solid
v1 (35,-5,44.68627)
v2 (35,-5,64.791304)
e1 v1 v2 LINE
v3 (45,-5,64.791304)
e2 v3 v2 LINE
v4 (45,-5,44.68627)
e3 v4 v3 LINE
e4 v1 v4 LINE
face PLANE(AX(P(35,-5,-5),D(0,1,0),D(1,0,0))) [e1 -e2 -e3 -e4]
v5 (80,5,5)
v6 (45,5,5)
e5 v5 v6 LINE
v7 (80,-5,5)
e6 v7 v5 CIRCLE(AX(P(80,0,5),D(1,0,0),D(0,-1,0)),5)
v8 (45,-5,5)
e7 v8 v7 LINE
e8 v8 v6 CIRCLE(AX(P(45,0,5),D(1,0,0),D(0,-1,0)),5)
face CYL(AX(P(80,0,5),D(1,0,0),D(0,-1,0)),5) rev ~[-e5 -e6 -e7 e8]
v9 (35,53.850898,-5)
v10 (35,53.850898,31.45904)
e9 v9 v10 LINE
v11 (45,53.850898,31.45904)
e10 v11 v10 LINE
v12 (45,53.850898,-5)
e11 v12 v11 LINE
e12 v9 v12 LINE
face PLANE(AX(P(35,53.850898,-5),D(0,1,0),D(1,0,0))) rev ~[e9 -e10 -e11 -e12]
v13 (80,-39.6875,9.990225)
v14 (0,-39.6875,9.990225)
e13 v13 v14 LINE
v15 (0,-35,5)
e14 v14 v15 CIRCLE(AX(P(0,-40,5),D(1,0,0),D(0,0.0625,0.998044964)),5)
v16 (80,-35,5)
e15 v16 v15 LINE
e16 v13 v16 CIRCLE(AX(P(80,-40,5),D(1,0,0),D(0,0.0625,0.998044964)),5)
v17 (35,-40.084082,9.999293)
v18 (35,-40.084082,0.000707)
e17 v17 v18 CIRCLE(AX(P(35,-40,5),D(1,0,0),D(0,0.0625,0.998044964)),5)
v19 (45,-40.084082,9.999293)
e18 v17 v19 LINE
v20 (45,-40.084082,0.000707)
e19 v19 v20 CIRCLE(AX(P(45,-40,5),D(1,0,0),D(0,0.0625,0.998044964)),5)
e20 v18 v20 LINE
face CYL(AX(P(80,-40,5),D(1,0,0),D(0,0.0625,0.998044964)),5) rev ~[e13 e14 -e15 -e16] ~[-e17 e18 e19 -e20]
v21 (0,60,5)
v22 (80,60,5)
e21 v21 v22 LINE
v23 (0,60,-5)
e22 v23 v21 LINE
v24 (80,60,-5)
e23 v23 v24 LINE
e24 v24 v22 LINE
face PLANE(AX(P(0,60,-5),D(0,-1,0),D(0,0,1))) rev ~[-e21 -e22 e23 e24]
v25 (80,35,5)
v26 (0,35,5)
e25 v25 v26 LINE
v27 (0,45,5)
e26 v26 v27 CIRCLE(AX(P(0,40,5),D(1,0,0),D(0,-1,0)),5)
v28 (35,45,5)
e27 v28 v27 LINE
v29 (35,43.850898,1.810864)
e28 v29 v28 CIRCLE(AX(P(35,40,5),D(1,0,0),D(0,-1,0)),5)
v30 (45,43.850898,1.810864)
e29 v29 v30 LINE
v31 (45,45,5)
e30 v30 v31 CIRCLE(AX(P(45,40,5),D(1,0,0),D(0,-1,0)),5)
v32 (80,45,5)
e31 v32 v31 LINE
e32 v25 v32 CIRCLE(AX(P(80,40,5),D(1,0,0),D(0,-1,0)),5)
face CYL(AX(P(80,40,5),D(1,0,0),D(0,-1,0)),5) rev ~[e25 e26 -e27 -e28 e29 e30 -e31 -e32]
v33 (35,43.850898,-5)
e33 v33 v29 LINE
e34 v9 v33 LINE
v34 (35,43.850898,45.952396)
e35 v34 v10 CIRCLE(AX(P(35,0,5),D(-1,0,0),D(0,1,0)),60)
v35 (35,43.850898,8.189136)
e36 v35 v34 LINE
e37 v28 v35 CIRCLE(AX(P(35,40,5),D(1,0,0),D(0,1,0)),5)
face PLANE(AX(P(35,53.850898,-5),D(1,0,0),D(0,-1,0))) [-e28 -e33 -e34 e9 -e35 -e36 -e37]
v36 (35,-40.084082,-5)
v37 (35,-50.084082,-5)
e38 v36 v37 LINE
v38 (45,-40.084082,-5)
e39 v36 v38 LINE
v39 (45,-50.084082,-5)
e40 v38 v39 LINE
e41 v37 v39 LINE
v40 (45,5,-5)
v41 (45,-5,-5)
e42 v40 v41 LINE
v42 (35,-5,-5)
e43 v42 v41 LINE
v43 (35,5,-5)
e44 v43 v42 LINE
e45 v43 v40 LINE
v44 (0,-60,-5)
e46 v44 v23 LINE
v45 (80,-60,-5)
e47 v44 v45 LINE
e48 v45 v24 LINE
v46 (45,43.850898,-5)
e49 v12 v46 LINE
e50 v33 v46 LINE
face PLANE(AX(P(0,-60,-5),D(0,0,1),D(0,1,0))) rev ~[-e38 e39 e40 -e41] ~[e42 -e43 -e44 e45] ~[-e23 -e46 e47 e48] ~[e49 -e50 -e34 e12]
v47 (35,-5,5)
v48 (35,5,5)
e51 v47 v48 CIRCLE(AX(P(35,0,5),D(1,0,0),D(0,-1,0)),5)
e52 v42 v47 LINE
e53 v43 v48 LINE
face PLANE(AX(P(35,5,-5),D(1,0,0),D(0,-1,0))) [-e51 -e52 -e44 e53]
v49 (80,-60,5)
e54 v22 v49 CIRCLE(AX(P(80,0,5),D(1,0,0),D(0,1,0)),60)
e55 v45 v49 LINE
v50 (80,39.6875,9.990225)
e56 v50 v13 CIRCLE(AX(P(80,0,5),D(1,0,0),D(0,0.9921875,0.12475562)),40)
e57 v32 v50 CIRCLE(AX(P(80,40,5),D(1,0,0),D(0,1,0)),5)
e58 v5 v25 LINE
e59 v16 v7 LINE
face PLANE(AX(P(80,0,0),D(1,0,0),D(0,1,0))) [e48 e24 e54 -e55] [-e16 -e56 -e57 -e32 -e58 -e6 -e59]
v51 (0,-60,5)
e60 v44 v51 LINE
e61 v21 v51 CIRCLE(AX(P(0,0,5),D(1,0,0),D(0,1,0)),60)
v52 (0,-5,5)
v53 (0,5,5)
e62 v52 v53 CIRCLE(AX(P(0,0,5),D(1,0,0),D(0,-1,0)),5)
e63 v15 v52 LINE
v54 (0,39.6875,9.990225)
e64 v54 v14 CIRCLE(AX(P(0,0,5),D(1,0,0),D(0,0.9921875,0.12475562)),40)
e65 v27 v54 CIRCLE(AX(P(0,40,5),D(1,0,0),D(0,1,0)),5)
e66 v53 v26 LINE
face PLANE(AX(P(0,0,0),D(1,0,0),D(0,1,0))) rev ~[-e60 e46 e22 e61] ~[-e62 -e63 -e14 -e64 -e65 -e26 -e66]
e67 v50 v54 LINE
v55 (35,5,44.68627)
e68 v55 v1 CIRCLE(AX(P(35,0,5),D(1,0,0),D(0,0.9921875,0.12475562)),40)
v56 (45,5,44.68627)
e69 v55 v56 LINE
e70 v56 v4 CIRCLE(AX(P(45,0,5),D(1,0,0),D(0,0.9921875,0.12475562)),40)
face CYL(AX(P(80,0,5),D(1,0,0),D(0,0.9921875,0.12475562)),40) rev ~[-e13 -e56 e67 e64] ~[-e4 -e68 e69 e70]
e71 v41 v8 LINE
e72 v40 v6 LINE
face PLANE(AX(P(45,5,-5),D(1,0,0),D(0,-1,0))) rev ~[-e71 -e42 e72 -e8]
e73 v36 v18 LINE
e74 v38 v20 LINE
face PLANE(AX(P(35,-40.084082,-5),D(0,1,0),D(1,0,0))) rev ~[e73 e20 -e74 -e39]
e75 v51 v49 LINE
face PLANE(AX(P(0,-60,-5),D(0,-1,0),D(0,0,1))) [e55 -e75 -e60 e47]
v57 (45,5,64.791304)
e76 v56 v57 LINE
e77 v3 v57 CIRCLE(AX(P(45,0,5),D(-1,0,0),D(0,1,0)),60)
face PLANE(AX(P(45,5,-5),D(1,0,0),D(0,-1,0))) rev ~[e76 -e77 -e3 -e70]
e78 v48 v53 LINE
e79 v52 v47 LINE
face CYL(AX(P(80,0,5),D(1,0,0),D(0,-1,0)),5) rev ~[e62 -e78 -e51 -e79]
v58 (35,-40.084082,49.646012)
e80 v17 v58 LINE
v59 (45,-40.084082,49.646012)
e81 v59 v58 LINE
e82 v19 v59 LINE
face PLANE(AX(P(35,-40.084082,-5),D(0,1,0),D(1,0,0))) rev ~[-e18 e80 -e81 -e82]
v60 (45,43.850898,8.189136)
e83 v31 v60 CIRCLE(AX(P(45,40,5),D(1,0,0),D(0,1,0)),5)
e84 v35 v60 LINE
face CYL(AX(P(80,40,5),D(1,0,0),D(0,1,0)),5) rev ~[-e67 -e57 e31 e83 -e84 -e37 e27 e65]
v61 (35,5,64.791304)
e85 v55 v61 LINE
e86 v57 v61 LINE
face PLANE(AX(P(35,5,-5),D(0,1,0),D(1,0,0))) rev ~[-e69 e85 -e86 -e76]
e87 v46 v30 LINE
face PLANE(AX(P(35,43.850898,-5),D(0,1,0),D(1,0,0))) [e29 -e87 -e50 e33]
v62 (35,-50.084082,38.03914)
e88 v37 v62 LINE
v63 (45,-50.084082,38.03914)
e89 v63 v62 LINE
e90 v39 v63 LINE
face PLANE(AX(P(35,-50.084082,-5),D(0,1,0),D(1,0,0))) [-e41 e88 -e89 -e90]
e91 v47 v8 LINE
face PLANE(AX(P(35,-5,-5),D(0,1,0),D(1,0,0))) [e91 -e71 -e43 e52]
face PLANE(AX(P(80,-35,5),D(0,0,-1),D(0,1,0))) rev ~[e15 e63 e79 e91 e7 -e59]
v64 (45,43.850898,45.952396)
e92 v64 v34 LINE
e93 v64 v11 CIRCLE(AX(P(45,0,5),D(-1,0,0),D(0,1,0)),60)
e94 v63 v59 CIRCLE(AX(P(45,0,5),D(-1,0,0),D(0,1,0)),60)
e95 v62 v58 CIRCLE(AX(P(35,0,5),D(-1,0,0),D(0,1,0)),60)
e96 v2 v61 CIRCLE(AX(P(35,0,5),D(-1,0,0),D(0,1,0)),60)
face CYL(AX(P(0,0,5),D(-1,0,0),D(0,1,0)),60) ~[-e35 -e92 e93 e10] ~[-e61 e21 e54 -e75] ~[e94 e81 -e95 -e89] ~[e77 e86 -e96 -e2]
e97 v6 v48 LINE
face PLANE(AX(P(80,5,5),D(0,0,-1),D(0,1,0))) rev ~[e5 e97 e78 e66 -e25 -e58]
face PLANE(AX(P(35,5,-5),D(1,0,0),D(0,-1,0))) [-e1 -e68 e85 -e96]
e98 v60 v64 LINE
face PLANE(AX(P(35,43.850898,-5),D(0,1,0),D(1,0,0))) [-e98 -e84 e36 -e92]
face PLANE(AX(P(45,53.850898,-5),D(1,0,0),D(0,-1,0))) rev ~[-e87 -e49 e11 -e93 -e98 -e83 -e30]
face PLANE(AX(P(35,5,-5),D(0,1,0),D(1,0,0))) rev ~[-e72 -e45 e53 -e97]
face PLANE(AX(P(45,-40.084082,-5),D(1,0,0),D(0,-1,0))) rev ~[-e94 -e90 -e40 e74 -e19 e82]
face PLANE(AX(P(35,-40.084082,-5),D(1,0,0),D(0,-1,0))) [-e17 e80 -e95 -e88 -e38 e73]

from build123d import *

# Parameters (mm, degrees)
F0_W     = 120
F0_H     = 10
F1_DEPTH = 80
F3_DEPTH = 80.001
F4_DEPTH = 25
F5_W     = 10
F5_H     = 10
F6_DEPTH = 70.001


with BuildPart() as f1:
    # F0 (on Right) → F1 (new body)
    with BuildSketch(Plane.YZ):
        Rectangle(F0_W, F0_H)
        with BuildLine():
            ThreePointArc((60, 5), (0, 65), (-60, 5))
            Line((-60, 5), (60, 5))
        make_face()
    extrude(amount=F1_DEPTH)

    # F2 (on face) → F3 (cut, through all)
    with BuildSketch(Plane.YZ.offset(80)):
        with BuildLine():
            Line((-5, 5), (5, 5))
            ThreePointArc((5, 5), (0, 10), (-5, 5))
        make_face()
        with BuildLine():
            ThreePointArc((-5, 5), (0, 0), (5, 5))
            Line((5, 5), (-5, 5))
        make_face()
        with BuildLine():
            ThreePointArc((-5, 5), (0, 10), (5, 5))
            Line((5, 5), (35, 5))
            ThreePointArc((35, 5), (36.3556550657, 8.4232659844), (39.6875, 9.9902248196))
            ThreePointArc((39.6875, 9.9902248196), (0, 45), (-39.6875, 9.9902248196))
            ThreePointArc((-39.6875, 9.9902248196), (-36.3556550657, 8.4232659844), (-35, 5))
            Line((-35, 5), (-5, 5))
        make_face()
        with BuildLine():
            Line((40, 5), (35, 5))
            ThreePointArc((35, 5), (40, 0), (45, 5))
            ThreePointArc((45, 5), (43.4232659844, 8.6443449343), (39.6875, 9.9902248196))
            ThreePointArc((39.6875, 9.9902248196), (39.9217985567, 7.5), (40, 5))
        make_face()
        with BuildLine():
            ThreePointArc((39.6875, 9.9902248196), (36.3556550657, 8.4232659844), (35, 5))
            Line((35, 5), (40, 5))
            ThreePointArc((40, 5), (39.9217985567, 7.5), (39.6875, 9.9902248196))
        make_face()
        with BuildLine():
            Line((-40, 5), (-35, 5))
            ThreePointArc((-35, 5), (-36.3556550657, 8.4232659844), (-39.6875, 9.9902248196))
            ThreePointArc((-39.6875, 9.9902248196), (-39.9217985567, 7.5), (-40, 5))
        make_face()
        with BuildLine():
            ThreePointArc((-39.6875, 9.9902248196), (-43.6443449343, 1.5767340156), (-35, 5))
            Line((-35, 5), (-40, 5))
            ThreePointArc((-40, 5), (-39.9217985567, 7.5), (-39.6875, 9.9902248196))
        make_face()
    extrude(amount=-F3_DEPTH, mode=Mode.SUBTRACT)

    # F2 (on face) → F4 (cut)
    with BuildSketch(Plane.YZ.offset(80)):
        with BuildLine():
            Line((-5, 5), (5, 5))
            ThreePointArc((5, 5), (0, 10), (-5, 5))
        make_face()
        with BuildLine():
            ThreePointArc((-5, 5), (0, 0), (5, 5))
            Line((5, 5), (-5, 5))
        make_face()
        with BuildLine():
            ThreePointArc((-5, 5), (0, 10), (5, 5))
            Line((5, 5), (35, 5))
            ThreePointArc((35, 5), (36.3556550657, 8.4232659844), (39.6875, 9.9902248196))
            ThreePointArc((39.6875, 9.9902248196), (0, 45), (-39.6875, 9.9902248196))
            ThreePointArc((-39.6875, 9.9902248196), (-36.3556550657, 8.4232659844), (-35, 5))
            Line((-35, 5), (-5, 5))
        make_face()
        with BuildLine():
            Line((40, 5), (35, 5))
            ThreePointArc((35, 5), (40, 0), (45, 5))
            ThreePointArc((45, 5), (43.4232659844, 8.6443449343), (39.6875, 9.9902248196))
            ThreePointArc((39.6875, 9.9902248196), (39.9217985567, 7.5), (40, 5))
        make_face()
        with BuildLine():
            ThreePointArc((39.6875, 9.9902248196), (36.3556550657, 8.4232659844), (35, 5))
            Line((35, 5), (40, 5))
            ThreePointArc((40, 5), (39.9217985567, 7.5), (39.6875, 9.9902248196))
        make_face()
        with BuildLine():
            Line((-40, 5), (-35, 5))
            ThreePointArc((-35, 5), (-36.3556550657, 8.4232659844), (-39.6875, 9.9902248196))
            ThreePointArc((-39.6875, 9.9902248196), (-39.9217985567, 7.5), (-40, 5))
        make_face()
        with BuildLine():
            ThreePointArc((-39.6875, 9.9902248196), (-43.6443449343, 1.5767340156), (-35, 5))
            Line((-35, 5), (-40, 5))
            ThreePointArc((-40, 5), (-39.9217985567, 7.5), (-39.6875, 9.9902248196))
        make_face()
    extrude(amount=-F4_DEPTH, mode=Mode.SUBTRACT)

    # F5 (on face) → F6 (cut, through all)
    with BuildSketch(Plane(origin=(0, 0, -5), x_dir=(1, 0, 0), z_dir=(0, 0, -1))):
        with Locations((40, 45.0840815902)):
            Rectangle(F5_W, F5_H)
        with Locations((40, 0)):
            Rectangle(F5_W, F5_H)
        with Locations((40, -48.8508976996)):
            Rectangle(F5_W, F5_H)
    extrude(amount=-F6_DEPTH, mode=Mode.SUBTRACT)


solid = f1.part
